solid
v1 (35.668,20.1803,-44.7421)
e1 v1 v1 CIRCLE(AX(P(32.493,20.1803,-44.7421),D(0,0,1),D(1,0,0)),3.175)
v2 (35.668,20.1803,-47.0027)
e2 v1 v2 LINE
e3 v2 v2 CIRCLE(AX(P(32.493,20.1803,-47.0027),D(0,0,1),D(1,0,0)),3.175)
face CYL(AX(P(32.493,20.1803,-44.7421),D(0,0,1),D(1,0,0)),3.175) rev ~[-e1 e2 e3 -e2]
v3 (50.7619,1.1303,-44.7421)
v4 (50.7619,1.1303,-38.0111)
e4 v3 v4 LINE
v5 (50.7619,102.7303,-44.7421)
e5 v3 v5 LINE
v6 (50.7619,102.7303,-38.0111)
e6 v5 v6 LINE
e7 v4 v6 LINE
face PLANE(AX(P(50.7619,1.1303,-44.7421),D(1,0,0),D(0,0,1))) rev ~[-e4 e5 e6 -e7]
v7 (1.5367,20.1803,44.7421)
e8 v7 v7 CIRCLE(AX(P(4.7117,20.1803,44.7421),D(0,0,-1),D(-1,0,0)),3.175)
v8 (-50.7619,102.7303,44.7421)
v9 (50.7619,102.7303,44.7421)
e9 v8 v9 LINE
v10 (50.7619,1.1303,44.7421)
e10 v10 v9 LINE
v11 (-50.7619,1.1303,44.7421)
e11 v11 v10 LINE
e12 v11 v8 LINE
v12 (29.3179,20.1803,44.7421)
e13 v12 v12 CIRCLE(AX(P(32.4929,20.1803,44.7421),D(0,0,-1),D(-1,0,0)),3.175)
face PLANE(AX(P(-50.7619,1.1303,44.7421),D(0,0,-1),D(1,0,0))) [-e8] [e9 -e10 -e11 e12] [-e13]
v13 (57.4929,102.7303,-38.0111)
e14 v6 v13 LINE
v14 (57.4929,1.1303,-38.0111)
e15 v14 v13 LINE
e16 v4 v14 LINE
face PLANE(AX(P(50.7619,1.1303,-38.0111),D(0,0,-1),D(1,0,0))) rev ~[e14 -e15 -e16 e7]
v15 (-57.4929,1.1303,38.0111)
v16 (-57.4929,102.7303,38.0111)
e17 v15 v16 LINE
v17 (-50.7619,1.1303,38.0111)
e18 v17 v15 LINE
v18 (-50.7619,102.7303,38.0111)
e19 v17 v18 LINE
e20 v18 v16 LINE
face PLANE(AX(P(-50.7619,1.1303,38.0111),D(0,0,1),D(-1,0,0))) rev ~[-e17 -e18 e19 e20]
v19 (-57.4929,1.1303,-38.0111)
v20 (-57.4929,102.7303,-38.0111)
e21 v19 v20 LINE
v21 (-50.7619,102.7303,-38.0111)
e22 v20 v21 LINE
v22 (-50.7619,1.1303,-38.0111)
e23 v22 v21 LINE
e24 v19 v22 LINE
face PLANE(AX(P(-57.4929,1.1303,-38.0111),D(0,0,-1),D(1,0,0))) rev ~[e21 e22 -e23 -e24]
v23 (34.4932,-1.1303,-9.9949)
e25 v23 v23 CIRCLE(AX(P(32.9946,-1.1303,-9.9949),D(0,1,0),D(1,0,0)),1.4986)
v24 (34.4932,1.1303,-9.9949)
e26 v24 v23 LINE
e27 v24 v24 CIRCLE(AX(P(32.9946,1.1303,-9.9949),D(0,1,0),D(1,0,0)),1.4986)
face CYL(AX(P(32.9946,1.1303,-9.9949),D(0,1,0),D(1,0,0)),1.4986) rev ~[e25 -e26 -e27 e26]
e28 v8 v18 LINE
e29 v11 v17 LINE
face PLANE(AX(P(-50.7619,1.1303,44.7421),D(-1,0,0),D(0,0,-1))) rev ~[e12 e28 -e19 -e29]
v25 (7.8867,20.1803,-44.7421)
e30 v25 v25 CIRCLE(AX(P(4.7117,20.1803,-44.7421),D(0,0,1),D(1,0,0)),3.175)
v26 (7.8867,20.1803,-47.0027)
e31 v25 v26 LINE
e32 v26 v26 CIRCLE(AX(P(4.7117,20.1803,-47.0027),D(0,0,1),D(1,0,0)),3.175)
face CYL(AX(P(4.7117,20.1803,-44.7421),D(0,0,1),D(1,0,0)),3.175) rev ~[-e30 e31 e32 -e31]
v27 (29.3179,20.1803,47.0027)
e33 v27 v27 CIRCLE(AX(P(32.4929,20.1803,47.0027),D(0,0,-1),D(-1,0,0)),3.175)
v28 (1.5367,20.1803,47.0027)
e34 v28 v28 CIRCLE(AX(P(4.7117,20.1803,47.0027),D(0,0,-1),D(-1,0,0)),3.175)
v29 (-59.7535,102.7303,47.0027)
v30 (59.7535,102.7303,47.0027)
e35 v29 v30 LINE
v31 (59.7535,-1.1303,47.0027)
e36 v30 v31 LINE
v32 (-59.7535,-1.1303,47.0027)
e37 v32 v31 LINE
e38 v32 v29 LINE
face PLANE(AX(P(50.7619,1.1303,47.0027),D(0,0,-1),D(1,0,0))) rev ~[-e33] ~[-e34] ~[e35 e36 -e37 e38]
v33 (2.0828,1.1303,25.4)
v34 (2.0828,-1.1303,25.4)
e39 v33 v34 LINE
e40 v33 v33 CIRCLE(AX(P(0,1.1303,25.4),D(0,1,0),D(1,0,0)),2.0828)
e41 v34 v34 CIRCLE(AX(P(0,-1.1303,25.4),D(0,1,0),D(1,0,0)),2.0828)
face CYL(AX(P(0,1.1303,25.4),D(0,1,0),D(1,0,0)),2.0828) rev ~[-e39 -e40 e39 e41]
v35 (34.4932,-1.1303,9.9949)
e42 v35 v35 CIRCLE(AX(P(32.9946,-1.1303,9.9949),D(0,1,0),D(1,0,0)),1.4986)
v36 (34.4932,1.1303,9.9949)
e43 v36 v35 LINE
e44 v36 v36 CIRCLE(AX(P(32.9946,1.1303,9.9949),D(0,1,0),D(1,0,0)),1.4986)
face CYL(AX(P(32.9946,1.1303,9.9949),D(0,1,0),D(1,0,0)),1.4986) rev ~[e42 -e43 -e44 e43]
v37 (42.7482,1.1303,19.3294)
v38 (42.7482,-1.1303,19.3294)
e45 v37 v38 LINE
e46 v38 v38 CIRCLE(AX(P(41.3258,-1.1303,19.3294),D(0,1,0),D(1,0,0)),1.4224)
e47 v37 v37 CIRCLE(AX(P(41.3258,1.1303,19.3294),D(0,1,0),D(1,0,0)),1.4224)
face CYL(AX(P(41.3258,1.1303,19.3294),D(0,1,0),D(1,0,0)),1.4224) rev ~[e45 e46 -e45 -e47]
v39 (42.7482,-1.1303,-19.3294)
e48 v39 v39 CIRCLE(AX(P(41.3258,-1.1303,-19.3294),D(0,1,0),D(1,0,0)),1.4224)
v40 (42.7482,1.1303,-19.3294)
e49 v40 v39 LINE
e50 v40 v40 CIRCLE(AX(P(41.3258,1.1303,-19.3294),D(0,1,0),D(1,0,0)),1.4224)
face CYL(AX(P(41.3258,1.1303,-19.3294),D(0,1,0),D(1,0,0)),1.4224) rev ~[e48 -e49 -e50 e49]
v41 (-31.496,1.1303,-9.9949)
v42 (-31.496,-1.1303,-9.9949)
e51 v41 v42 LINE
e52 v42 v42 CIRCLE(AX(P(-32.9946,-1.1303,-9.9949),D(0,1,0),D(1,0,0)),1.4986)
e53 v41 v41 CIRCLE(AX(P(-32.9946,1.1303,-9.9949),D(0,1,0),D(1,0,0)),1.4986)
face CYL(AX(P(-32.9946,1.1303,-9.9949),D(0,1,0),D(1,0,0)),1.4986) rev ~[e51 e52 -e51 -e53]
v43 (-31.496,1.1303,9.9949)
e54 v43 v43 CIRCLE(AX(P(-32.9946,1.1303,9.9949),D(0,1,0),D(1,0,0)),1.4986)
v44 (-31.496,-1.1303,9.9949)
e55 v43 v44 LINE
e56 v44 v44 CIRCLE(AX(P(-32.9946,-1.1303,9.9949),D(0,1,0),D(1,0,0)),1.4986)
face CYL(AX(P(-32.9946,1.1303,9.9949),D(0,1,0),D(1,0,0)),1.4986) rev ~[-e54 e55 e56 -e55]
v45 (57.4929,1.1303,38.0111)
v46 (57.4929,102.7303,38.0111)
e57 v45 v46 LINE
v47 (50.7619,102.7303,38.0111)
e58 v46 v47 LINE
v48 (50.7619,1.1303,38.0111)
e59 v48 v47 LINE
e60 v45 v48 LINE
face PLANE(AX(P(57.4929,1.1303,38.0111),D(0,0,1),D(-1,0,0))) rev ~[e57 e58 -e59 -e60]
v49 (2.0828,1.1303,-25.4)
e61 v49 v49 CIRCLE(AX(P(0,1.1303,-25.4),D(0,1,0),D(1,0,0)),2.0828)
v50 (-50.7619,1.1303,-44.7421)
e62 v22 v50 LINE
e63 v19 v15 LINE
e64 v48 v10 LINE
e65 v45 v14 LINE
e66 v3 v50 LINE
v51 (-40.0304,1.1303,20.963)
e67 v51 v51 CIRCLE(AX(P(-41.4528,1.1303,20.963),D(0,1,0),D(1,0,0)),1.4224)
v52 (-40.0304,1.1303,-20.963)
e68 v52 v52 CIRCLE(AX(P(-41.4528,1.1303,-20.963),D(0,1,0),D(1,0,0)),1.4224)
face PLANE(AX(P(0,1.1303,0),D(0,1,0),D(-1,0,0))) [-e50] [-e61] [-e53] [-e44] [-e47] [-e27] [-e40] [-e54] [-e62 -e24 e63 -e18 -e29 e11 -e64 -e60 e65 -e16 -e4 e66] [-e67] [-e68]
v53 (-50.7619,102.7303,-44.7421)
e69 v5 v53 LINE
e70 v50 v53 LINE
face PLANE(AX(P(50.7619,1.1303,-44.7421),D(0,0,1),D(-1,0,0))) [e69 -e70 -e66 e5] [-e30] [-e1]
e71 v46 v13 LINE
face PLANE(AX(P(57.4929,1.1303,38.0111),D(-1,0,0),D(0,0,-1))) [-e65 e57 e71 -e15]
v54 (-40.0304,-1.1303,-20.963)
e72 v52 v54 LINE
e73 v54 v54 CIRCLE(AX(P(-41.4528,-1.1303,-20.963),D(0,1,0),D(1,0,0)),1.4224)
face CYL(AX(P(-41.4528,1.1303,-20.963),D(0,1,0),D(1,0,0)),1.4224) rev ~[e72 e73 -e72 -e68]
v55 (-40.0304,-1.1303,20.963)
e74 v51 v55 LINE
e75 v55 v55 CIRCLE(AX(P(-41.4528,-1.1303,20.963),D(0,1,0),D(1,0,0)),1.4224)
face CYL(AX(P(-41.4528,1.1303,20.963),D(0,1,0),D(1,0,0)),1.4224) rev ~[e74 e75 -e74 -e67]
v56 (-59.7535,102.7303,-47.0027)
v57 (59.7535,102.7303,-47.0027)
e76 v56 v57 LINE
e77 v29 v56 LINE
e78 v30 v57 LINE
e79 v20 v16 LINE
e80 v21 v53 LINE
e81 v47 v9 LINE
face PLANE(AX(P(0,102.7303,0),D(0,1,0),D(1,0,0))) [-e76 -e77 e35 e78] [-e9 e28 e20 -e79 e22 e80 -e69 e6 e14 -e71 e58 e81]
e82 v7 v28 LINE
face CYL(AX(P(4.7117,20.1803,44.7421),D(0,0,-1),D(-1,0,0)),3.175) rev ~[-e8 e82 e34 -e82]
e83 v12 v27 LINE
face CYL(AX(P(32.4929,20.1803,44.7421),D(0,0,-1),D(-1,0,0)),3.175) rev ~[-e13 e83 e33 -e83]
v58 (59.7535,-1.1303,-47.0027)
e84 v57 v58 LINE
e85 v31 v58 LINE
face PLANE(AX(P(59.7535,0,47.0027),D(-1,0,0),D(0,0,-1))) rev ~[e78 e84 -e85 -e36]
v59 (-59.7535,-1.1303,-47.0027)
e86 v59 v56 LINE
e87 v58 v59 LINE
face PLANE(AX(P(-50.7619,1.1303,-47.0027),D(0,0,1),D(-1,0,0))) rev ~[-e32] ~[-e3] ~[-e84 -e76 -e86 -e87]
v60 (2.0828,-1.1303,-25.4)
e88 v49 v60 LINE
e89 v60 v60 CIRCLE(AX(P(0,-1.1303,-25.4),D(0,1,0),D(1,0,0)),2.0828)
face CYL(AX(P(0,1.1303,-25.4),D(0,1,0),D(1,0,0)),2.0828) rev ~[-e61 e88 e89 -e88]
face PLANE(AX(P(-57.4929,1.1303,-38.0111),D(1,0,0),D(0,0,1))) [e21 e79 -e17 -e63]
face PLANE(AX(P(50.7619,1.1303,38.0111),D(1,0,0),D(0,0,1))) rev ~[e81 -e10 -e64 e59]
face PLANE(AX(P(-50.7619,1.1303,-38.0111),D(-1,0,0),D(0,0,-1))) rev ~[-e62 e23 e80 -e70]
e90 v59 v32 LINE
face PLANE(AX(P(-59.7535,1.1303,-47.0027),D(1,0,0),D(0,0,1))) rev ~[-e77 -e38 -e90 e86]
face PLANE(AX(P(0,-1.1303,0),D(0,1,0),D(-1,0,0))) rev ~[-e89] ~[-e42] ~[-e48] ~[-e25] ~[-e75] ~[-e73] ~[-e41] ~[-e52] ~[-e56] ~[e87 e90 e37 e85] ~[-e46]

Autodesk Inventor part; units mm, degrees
ref_plane "YZ Plane" through (0, 0, 0) normal (1, 0, 0) x (0, 1, 0)
ref_plane "XZ Plane" through (0, 0, 0) normal (0, 1, 0) x (-1, 0, 0)
ref_plane "XY Plane" through (0, 0, 0) normal (0, 0, 1) x (1, 0, 0)
sketch "Sketch1" plane through (0, 0, 0) normal (0, 1, 0) x (-1, 0, 0)
  line L0 (-59.7535, -47.0027) -> (59.7535, -47.0027)
  line L1 (59.7535, -47.0027) -> (59.7535, 47.0027)
  line L2 (59.7535, 47.0027) -> (-59.7535, 47.0027)
  line L3 (-59.7535, 47.0027) -> (-59.7535, -47.0027)
  line L4 (-59.7535, -47.0027) -> (59.7535, 47.0027) construction
  line L5 (59.7535, -47.0027) -> (-59.7535, 47.0027) construction
  point P0 (0, 0)
  dimension "d0" = 119.507
  dimension "d1" = 94.0054
extrude "Extrusion1" add sketch "Sketch1" along normal mid plane 2.2606
sketch "Sketch2" plane through (0, 1.1303, 0) normal (0, 1, 0) x (1, 0, 0)
  line L0 (-59.7535, 47.0027) -> (-59.7535, -47.0027) projected
  line L1 (59.7535, -47.0027) -> (59.7535, 47.0027) projected
  line L2 (-59.7535, -47.0027) -> (59.7535, -47.0027)
  line L3 (59.7535, -47.0027) -> (59.7535, 47.0027)
  line L4 (59.7535, 47.0027) -> (-59.7535, 47.0027)
  line L5 (-59.7535, 47.0027) -> (-59.7535, -47.0027)
  line L6 (57.4929, -44.7421) -> (-57.4929, 44.7421) construction
  line L7 (-57.4929, -44.7421) -> (57.4929, 44.7421) construction
  line L8 (-59.7535, -47.0027) -> (59.7535, -47.0027) projected
  line L9 (-59.7535, -47.0027) -> (-50.7619, -47.0027)
  line L10 (-59.7535, -38.0111) -> (-59.7535, -47.0027)
  line L11 (-59.7535, 47.0027) -> (-50.7619, 47.0027)
  line L12 (-59.7535, 38.0111) -> (-59.7535, 47.0027)
  line L13 (59.7535, 47.0027) -> (-59.7535, 47.0027) projected
  line L14 (59.7535, 47.0027) -> (50.7619, 47.0027)
  line L15 (59.7535, 38.0111) -> (59.7535, 47.0027)
  line L16 (59.7535, -47.0027) -> (50.7619, -47.0027)
  line L17 (59.7535, -38.0111) -> (59.7535, -47.0027)
  line L18 (-50.7619, -44.7421) -> (-50.7619, -38.0111)
  line L19 (-50.7619, -38.0111) -> (-57.4929, -38.0111)
  line L20 (-57.4929, 38.0111) -> (-50.7619, 38.0111)
  line L21 (-50.7619, 38.0111) -> (-50.7619, 44.7421)
  line L22 (50.7619, 38.0111) -> (57.4929, 38.0111)
  line L23 (50.7619, 44.7421) -> (50.7619, 38.0111)
  line L24 (57.4929, -38.0111) -> (50.7619, -38.0111)
  line L25 (50.7619, -38.0111) -> (50.7619, -44.7421)
  line L26 (-50.7619, -44.7421) -> (50.7619, -44.7421)
  line L27 (57.4929, -38.0111) -> (57.4929, 38.0111)
  line L28 (50.7619, 44.7421) -> (-50.7619, 44.7421)
  line L29 (-57.4929, 38.0111) -> (-57.4929, -38.0111)
  point P0 (0, 0)
  dimension "d4" = 114.9858
  dimension "d5" = 89.4842
  dimension "d6" = 8.9916
  dimension "d7" = 8.9916
  dimension "d10" = 8.9916
  dimension "d11" = 8.9916
extrude "Extrusion2" add sketch "Sketch2" along normal blind 101.6
sketch "Sketch3" plane through (0, 1.1303, 0) normal (0, 1, 0) x (1, 0, 0)
  circle A0 centre (0, -25.4) radius 2.0828
  circle A1 centre (0, 25.4) radius 2.0828
  point P0 (0, 0)
  dimension "d18" = 4.1656
  dimension "d19" = 4.1656
extrude "Extrusion3" cut sketch "Sketch3" against normal through all
sketch "Sketch7" plane through (0, 1.1303, 0) normal (0, 1, 0) x (1, 0, 0)
  line L0 (44.6278, -24.4983) -> (-44.6278, 24.4983) construction
  line L1 (-44.6278, -24.4983) -> (44.6278, 24.4983) construction
  line L2 (44.5008, -22.5044) -> (-44.5008, 22.5044) construction
  line L3 (-44.5008, -22.5044) -> (44.5008, 22.5044) construction
  circle A0 centre (41.3258, -19.3294) radius 1.4224
  circle A1 centre (41.3258, 19.3294) radius 1.4224
  circle A2 centre (-41.4528, 20.963) radius 1.4224
  circle A3 centre (-41.4528, -20.963) radius 1.4224
  line L4 (32.9946, -9.9949) -> (-32.9946, 9.9949) construction
  line L5 (-32.9946, -9.9949) -> (32.9946, 9.9949) construction
  circle A4 centre (-32.9946, -9.9949) radius 1.4986
  circle A5 centre (-32.9946, 9.9949) radius 1.4986
  circle A6 centre (32.9946, 9.9949) radius 1.4986
  circle A7 centre (32.9946, -9.9949) radius 1.4986
  point P0 (0, 0)
  point P1 (0, 0)
  dimension "d57" = 2.8448
  dimension "d58" = 2.8448
  dimension "d59" = 2.8448
  dimension "d60" = 2.8448
  dimension "d61" = 65.9892
  dimension "d62" = 19.9898
  dimension "d63" = 2.9972
  dimension "d64" = 2.9972
  dimension "d65" = 2.9972
  dimension "d66" = 2.9972
extrude "Extrusion6" cut sketch "Sketch7" against normal through all
sketch "Sketch8" plane through (-50.7619, 1.1303, -44.7421) normal (0, 0, 1) x (1, 0, 0)
  circle A0 centre (55.4736, 19.05) radius 3.175
  circle A1 centre (83.2549, 19.05) radius 3.175
  point P0 (50.7619, -1.1303)
  dimension "d71" = 6.35
  dimension "d72" = 6.35
extrude "Extrusion7" cut sketch "Sketch8" against normal through all
sketch "Sketch9" plane through (50.7619, 1.1303, 44.7421) normal (0, 0, -1) x (-1, 0, 0)
  line L0 (101.5238, 0) -> (101.5238, 101.6) projected
  circle A0 centre (18.269, 19.05) radius 3.175
  circle A1 centre (46.0502, 19.05) radius 3.175
  point P0 (50.7619, -1.1303)
  dimension "d79" = 6.35
  dimension "d80" = 6.35
extrude "Extrusion8" cut sketch "Sketch9" against normal through all
properties part number "546-1590BBS-PE4312"
